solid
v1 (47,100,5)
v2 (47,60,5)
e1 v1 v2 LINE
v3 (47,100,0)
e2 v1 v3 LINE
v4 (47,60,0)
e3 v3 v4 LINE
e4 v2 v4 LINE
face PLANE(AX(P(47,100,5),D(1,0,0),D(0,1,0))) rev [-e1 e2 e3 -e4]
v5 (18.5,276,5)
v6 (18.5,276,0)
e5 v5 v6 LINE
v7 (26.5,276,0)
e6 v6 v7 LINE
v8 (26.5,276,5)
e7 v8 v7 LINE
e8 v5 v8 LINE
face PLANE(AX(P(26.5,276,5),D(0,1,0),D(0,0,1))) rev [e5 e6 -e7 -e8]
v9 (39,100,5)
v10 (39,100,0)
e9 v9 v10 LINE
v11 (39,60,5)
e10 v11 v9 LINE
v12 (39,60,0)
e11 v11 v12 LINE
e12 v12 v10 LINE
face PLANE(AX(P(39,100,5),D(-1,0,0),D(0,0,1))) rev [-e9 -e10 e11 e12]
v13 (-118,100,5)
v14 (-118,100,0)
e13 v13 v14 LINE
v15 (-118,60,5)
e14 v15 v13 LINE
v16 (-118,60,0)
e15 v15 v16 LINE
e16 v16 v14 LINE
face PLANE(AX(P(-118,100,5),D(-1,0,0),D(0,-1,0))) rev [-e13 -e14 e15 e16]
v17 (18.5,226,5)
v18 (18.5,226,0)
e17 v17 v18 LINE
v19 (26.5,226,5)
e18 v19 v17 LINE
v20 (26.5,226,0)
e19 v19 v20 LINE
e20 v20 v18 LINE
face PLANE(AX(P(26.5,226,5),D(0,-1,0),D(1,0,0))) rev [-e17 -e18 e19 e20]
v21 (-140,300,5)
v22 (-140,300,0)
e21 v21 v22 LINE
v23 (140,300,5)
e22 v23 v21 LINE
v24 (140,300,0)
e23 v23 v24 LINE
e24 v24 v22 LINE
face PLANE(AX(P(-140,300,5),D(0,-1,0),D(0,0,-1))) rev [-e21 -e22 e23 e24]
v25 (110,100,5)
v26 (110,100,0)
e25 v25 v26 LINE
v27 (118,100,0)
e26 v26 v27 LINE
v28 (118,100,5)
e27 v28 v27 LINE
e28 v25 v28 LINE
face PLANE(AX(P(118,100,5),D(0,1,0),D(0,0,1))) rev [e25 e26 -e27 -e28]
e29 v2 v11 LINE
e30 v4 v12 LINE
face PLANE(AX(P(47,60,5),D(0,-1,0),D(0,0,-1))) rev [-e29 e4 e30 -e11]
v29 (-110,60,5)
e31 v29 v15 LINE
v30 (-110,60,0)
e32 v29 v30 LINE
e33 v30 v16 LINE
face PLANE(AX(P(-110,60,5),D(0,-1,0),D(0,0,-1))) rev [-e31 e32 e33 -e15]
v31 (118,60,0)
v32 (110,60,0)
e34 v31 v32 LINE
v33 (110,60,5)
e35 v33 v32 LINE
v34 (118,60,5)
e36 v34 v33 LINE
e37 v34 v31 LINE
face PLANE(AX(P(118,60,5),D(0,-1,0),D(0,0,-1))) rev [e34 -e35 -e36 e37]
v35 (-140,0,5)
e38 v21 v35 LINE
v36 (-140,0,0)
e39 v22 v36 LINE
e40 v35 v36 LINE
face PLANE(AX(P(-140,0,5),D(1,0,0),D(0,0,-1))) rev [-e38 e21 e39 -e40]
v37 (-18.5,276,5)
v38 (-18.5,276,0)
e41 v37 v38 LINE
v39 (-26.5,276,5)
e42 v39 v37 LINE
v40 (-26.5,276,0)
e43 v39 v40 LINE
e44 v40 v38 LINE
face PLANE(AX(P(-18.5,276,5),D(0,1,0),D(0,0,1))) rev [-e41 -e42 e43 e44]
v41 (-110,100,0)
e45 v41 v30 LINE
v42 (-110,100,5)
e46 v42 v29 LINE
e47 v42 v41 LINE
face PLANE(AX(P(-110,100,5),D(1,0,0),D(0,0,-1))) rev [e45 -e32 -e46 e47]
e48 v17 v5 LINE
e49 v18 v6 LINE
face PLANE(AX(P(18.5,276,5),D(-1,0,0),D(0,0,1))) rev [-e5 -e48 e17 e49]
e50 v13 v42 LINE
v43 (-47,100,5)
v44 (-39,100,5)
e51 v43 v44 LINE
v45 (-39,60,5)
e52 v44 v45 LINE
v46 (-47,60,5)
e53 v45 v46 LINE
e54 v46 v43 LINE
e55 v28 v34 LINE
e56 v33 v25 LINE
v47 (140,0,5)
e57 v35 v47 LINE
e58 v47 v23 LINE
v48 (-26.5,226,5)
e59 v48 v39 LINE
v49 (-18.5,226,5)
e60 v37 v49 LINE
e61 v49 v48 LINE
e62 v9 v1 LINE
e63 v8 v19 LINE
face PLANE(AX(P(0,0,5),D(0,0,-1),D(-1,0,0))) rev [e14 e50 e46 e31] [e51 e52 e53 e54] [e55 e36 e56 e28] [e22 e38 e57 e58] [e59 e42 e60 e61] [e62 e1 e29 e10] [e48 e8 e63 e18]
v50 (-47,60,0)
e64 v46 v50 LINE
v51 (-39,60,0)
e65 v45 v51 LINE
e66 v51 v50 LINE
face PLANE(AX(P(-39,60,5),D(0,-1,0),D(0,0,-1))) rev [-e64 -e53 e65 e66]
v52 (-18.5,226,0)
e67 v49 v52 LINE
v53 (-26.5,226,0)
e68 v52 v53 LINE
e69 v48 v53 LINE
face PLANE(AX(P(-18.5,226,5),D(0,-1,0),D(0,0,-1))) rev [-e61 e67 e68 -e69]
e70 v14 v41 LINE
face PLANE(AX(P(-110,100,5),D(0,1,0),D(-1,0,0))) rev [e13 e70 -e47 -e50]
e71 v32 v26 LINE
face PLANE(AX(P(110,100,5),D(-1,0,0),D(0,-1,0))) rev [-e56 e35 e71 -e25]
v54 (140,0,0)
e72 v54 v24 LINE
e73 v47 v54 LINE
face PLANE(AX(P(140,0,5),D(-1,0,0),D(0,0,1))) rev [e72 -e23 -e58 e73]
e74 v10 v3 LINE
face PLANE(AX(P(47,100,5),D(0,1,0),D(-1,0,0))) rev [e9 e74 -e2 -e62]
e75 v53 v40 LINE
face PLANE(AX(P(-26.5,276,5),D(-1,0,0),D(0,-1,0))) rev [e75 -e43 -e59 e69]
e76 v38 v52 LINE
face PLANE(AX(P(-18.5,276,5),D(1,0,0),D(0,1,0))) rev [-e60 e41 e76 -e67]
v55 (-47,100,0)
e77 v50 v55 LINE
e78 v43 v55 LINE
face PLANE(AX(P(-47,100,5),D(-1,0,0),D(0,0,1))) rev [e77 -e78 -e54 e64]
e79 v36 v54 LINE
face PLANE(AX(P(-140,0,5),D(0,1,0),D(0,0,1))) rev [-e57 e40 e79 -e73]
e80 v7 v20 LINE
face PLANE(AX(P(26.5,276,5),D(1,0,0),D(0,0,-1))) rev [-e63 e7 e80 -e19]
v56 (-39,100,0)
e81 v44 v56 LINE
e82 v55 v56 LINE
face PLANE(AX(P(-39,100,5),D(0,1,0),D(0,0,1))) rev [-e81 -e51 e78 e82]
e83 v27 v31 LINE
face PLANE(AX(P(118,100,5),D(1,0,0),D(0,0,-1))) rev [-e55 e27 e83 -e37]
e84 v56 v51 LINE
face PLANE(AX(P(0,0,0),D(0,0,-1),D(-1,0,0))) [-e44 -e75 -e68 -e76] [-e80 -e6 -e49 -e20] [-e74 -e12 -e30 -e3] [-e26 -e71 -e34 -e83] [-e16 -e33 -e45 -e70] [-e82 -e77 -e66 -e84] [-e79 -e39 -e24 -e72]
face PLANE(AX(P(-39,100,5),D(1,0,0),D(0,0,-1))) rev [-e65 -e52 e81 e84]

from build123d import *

# Parameters (mm, degrees)
SKETCH1_W           = 280
SKETCH1_H           = 300
BOSS_EXTRUDE1_DEPTH = 5
SKETCH2_W           = 8
SKETCH2_H           = 40
SKETCH2_H_2         = 50
CUT_EXTRUDE1_DEPTH  = 332.096662623


with BuildPart() as part:
    # Sketch1 → Boss-Extrude1 (new body)
    with BuildSketch(Plane.XY):
        with Locations((0, 150)):
            Rectangle(SKETCH1_W, SKETCH1_H)
    extrude(amount=BOSS_EXTRUDE1_DEPTH)

    # Sketch2 → Cut-Extrude1 (cut, through all)
    with BuildSketch(Plane(origin=(0, 0, 0), x_dir=(-1, 0, 0), z_dir=(0, 0, -1))):
        with Locations((-114, 80)):
            Rectangle(SKETCH2_W, SKETCH2_H)
        with Locations((-43, 80)):
            Rectangle(SKETCH2_W, SKETCH2_H)
        with Locations((43, 80)):
            Rectangle(SKETCH2_W, SKETCH2_H)
        with Locations((114, 80)):
            Rectangle(SKETCH2_W, SKETCH2_H)
        with Locations((-22.5, 251)):
            Rectangle(SKETCH2_W, SKETCH2_H_2)
        with Locations((22.5, 251)):
            Rectangle(SKETCH2_W, SKETCH2_H_2)
    extrude(amount=-CUT_EXTRUDE1_DEPTH, mode=Mode.SUBTRACT)


solid = part.part
